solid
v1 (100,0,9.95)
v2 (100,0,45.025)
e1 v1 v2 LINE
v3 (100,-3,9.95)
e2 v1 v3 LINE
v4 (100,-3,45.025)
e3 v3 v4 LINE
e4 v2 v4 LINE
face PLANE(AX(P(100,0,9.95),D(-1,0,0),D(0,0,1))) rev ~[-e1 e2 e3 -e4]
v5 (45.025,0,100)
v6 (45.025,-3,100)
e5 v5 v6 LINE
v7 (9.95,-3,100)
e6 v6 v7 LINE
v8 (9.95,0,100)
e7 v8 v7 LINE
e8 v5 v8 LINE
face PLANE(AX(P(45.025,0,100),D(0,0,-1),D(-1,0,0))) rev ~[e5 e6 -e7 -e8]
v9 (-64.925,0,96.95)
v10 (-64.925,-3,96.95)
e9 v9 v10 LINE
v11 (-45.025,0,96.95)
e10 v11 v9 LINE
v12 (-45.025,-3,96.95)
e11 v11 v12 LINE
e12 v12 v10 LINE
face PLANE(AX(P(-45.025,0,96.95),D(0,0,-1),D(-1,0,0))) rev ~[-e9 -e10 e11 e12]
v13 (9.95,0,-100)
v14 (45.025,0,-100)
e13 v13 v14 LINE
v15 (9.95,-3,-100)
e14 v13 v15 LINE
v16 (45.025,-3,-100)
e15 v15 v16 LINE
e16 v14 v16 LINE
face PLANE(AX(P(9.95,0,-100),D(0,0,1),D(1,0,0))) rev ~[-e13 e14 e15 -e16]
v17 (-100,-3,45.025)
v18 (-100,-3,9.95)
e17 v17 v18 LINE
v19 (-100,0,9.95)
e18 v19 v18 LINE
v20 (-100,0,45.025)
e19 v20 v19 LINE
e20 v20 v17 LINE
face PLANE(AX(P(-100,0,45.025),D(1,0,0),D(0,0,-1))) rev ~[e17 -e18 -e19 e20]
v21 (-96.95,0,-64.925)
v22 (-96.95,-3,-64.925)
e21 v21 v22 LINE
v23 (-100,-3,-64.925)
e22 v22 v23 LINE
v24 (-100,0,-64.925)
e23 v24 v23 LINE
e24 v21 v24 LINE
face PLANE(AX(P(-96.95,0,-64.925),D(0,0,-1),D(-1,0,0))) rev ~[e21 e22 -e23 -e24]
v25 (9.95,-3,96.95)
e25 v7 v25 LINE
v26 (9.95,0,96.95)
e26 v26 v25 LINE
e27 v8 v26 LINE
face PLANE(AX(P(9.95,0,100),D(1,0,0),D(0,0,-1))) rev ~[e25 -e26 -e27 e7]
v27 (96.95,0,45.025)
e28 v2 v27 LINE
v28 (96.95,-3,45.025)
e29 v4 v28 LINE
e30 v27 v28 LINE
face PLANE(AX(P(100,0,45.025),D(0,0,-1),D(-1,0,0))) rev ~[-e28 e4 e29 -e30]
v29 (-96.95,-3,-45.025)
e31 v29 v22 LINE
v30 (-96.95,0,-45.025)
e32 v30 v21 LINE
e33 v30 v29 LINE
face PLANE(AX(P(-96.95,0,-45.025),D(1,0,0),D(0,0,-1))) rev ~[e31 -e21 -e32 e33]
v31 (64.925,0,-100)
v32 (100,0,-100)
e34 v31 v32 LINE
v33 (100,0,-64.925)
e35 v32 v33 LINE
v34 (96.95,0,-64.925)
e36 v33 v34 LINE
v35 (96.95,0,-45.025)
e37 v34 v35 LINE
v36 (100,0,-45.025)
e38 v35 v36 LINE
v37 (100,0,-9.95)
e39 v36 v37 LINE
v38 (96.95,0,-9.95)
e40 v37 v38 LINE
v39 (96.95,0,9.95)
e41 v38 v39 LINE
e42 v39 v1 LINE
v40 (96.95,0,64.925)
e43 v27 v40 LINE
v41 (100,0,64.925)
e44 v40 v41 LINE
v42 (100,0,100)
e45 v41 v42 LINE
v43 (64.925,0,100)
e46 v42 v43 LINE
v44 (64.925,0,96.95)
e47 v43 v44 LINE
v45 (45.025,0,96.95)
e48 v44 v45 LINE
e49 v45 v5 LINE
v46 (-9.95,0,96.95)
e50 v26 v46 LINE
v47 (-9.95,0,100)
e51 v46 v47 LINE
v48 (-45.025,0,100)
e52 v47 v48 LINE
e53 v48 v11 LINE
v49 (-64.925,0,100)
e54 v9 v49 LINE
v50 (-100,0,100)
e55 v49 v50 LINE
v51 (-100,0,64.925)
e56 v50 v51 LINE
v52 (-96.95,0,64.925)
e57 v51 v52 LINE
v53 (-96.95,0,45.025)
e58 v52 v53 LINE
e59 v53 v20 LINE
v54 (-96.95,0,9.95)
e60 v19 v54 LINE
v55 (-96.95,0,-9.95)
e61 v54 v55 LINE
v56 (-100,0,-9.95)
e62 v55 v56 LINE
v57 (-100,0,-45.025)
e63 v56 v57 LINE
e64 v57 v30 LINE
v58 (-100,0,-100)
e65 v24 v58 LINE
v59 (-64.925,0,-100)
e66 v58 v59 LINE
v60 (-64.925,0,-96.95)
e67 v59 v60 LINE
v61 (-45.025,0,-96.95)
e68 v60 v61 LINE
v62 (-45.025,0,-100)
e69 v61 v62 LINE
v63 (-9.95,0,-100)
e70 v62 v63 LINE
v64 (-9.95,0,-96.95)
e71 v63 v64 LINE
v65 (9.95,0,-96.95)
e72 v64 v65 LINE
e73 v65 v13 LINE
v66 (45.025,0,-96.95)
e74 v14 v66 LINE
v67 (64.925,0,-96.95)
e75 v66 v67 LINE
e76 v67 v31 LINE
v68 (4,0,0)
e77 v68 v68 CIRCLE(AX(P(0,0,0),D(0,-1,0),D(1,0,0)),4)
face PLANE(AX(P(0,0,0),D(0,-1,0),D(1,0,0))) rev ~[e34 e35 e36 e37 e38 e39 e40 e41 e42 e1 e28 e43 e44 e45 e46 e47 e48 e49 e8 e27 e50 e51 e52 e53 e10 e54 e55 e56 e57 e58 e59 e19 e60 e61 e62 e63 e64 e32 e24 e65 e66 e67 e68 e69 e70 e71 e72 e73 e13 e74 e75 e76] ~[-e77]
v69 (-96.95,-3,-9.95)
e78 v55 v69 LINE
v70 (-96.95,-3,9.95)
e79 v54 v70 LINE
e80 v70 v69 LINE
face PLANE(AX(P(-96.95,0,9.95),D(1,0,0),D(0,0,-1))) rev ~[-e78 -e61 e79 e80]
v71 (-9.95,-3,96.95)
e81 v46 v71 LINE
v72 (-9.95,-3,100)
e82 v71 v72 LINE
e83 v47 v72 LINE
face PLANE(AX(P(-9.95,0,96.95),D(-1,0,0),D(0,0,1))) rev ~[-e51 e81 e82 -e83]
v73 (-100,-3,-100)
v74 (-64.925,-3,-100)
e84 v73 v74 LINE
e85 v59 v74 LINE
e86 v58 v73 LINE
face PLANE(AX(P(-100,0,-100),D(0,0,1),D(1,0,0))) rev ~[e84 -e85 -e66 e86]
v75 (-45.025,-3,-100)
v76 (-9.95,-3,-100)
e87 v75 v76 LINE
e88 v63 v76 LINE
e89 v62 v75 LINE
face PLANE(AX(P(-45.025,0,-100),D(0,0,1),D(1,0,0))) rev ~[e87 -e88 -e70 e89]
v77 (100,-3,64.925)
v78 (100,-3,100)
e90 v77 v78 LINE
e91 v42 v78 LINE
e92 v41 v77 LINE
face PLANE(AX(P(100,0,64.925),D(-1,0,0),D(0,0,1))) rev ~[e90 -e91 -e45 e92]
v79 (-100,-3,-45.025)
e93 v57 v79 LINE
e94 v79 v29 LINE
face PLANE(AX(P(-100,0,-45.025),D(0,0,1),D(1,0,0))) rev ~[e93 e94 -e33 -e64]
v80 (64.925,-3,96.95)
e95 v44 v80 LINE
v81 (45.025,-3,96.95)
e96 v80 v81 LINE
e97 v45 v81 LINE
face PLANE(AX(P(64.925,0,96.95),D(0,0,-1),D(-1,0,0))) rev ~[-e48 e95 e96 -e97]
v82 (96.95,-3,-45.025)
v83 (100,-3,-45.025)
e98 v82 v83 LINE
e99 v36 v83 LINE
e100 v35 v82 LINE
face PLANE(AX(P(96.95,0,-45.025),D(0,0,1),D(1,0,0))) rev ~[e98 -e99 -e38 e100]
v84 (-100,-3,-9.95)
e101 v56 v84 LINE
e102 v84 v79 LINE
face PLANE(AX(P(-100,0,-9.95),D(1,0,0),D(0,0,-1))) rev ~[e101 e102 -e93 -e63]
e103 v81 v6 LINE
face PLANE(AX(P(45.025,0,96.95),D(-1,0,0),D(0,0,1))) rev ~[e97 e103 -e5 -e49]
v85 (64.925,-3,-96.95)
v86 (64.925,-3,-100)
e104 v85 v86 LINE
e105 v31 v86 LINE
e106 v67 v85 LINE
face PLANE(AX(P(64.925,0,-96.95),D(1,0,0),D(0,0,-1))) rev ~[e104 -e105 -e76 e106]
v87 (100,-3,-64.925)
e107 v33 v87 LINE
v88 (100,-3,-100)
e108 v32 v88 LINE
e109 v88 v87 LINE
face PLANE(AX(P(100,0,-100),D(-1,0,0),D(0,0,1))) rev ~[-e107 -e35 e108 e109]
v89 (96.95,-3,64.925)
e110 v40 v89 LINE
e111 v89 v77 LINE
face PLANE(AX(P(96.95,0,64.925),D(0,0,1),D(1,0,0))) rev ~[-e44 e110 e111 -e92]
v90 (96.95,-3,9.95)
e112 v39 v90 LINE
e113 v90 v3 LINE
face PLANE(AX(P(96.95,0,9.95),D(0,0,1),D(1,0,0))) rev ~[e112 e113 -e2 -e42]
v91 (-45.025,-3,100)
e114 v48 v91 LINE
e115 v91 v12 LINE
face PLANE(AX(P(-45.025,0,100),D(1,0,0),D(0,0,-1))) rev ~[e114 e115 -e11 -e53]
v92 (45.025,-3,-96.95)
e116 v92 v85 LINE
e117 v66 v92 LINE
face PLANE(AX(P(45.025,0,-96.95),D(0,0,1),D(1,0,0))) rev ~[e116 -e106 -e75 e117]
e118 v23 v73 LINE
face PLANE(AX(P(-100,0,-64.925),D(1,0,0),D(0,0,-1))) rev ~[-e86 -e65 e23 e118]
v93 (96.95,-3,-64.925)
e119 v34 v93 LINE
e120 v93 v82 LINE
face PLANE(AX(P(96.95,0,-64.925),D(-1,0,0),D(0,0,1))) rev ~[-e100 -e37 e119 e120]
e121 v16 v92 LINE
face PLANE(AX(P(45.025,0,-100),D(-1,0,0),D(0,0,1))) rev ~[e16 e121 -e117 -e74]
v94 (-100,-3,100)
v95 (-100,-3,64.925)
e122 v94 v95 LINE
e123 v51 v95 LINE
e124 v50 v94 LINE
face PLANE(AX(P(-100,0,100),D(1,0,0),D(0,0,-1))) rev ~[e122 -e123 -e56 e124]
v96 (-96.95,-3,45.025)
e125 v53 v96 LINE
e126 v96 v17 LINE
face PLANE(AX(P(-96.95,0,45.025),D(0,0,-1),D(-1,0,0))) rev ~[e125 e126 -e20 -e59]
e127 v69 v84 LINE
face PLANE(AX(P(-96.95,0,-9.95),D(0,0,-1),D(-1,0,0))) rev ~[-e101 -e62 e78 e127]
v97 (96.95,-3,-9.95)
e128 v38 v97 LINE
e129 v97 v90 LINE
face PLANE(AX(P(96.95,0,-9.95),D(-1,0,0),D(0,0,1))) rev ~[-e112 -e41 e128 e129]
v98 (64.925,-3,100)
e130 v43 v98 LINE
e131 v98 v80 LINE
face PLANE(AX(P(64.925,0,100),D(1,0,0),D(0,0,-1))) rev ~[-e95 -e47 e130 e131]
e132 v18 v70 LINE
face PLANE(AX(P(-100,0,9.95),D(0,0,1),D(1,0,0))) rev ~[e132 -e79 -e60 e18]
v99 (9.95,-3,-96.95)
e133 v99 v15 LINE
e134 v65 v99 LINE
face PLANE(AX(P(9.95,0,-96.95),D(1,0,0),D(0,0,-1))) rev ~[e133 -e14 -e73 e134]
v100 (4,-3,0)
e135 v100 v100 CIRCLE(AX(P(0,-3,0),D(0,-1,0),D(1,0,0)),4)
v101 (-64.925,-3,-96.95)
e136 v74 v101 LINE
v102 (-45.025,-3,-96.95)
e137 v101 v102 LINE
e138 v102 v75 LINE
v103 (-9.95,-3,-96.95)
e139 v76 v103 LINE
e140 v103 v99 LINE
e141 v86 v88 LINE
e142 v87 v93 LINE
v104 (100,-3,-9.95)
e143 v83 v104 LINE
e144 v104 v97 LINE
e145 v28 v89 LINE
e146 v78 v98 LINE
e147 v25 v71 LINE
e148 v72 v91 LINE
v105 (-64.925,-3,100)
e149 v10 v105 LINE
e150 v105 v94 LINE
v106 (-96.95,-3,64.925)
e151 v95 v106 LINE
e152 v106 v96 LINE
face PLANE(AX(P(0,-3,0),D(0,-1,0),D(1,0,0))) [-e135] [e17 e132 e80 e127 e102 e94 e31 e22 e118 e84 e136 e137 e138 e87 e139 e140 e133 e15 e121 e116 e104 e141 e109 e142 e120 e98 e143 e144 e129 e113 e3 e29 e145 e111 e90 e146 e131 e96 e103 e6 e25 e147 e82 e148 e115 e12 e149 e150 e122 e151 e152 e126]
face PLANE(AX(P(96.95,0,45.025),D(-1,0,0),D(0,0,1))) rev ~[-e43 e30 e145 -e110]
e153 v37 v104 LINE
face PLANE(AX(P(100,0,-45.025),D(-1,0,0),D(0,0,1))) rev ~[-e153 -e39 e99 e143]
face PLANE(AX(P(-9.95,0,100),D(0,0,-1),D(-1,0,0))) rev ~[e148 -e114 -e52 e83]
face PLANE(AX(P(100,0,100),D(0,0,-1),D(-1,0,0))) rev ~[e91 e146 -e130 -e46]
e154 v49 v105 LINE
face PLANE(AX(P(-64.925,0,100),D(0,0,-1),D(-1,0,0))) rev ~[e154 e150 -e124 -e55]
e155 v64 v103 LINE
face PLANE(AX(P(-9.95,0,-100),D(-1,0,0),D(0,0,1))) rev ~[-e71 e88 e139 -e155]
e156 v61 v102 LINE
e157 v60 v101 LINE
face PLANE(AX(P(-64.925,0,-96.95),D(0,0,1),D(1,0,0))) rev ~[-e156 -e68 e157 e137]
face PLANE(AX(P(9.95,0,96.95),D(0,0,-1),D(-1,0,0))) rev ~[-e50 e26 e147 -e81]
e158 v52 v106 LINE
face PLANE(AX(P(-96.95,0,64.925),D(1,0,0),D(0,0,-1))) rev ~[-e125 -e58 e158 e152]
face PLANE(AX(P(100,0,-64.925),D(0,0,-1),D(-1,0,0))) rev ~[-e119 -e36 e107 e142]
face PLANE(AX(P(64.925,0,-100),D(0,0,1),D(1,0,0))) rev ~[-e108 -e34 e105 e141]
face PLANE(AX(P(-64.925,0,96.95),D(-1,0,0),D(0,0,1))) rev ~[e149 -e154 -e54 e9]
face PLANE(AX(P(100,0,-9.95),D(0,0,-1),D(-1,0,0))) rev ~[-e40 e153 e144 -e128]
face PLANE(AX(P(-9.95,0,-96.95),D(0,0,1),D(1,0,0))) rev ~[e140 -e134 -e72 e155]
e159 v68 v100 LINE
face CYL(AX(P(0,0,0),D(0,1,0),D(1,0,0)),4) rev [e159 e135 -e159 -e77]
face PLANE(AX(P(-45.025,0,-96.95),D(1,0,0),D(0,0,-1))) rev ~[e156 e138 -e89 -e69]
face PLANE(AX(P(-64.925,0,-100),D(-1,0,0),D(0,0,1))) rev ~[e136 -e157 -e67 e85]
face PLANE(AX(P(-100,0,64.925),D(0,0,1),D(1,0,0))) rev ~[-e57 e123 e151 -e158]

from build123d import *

# Parameters (mm, degrees)
F0_R     = 4
F1_DEPTH = 3


with BuildPart() as f1:
    # F0 (on Front) → F1 (new body)
    with BuildSketch(Plane.XZ):
        Polygon((64.925, -100), (100, -100), (100, -64.925), (96.95, -64.925), (96.95, -45.025), (100, -45.025), (100, -9.95), (96.95, -9.95), (96.95, 9.95), (100, 9.95), (100, 45.025), (96.95, 45.025), (96.95, 64.925), (100, 64.925), (100, 100), (64.925, 100), (64.925, 96.95), (45.025, 96.95), (45.025, 100), (9.95, 100), (9.95, 96.95), (-9.95, 96.95), (-9.95, 100), (-45.025, 100), (-45.025, 96.95), (-64.925, 96.95), (-64.925, 100), (-100, 100), (-100, 64.925), (-96.95, 64.925), (-96.95, 45.025), (-100, 45.025), (-100, 9.95), (-96.95, 9.95), (-96.95, -9.95), (-100, -9.95), (-100, -45.025), (-96.95, -45.025), (-96.95, -64.925), (-100, -64.925), (-100, -100), (-64.925, -100), (-64.925, -96.95), (-45.025, -96.95), (-45.025, -100), (-9.95, -100), (-9.95, -96.95), (9.95, -96.95), (9.95, -100), (45.025, -100), (45.025, -96.95), (64.925, -96.95), align=None)
        Circle(F0_R, mode=Mode.SUBTRACT)
    extrude(amount=F1_DEPTH)


solid = f1.part
